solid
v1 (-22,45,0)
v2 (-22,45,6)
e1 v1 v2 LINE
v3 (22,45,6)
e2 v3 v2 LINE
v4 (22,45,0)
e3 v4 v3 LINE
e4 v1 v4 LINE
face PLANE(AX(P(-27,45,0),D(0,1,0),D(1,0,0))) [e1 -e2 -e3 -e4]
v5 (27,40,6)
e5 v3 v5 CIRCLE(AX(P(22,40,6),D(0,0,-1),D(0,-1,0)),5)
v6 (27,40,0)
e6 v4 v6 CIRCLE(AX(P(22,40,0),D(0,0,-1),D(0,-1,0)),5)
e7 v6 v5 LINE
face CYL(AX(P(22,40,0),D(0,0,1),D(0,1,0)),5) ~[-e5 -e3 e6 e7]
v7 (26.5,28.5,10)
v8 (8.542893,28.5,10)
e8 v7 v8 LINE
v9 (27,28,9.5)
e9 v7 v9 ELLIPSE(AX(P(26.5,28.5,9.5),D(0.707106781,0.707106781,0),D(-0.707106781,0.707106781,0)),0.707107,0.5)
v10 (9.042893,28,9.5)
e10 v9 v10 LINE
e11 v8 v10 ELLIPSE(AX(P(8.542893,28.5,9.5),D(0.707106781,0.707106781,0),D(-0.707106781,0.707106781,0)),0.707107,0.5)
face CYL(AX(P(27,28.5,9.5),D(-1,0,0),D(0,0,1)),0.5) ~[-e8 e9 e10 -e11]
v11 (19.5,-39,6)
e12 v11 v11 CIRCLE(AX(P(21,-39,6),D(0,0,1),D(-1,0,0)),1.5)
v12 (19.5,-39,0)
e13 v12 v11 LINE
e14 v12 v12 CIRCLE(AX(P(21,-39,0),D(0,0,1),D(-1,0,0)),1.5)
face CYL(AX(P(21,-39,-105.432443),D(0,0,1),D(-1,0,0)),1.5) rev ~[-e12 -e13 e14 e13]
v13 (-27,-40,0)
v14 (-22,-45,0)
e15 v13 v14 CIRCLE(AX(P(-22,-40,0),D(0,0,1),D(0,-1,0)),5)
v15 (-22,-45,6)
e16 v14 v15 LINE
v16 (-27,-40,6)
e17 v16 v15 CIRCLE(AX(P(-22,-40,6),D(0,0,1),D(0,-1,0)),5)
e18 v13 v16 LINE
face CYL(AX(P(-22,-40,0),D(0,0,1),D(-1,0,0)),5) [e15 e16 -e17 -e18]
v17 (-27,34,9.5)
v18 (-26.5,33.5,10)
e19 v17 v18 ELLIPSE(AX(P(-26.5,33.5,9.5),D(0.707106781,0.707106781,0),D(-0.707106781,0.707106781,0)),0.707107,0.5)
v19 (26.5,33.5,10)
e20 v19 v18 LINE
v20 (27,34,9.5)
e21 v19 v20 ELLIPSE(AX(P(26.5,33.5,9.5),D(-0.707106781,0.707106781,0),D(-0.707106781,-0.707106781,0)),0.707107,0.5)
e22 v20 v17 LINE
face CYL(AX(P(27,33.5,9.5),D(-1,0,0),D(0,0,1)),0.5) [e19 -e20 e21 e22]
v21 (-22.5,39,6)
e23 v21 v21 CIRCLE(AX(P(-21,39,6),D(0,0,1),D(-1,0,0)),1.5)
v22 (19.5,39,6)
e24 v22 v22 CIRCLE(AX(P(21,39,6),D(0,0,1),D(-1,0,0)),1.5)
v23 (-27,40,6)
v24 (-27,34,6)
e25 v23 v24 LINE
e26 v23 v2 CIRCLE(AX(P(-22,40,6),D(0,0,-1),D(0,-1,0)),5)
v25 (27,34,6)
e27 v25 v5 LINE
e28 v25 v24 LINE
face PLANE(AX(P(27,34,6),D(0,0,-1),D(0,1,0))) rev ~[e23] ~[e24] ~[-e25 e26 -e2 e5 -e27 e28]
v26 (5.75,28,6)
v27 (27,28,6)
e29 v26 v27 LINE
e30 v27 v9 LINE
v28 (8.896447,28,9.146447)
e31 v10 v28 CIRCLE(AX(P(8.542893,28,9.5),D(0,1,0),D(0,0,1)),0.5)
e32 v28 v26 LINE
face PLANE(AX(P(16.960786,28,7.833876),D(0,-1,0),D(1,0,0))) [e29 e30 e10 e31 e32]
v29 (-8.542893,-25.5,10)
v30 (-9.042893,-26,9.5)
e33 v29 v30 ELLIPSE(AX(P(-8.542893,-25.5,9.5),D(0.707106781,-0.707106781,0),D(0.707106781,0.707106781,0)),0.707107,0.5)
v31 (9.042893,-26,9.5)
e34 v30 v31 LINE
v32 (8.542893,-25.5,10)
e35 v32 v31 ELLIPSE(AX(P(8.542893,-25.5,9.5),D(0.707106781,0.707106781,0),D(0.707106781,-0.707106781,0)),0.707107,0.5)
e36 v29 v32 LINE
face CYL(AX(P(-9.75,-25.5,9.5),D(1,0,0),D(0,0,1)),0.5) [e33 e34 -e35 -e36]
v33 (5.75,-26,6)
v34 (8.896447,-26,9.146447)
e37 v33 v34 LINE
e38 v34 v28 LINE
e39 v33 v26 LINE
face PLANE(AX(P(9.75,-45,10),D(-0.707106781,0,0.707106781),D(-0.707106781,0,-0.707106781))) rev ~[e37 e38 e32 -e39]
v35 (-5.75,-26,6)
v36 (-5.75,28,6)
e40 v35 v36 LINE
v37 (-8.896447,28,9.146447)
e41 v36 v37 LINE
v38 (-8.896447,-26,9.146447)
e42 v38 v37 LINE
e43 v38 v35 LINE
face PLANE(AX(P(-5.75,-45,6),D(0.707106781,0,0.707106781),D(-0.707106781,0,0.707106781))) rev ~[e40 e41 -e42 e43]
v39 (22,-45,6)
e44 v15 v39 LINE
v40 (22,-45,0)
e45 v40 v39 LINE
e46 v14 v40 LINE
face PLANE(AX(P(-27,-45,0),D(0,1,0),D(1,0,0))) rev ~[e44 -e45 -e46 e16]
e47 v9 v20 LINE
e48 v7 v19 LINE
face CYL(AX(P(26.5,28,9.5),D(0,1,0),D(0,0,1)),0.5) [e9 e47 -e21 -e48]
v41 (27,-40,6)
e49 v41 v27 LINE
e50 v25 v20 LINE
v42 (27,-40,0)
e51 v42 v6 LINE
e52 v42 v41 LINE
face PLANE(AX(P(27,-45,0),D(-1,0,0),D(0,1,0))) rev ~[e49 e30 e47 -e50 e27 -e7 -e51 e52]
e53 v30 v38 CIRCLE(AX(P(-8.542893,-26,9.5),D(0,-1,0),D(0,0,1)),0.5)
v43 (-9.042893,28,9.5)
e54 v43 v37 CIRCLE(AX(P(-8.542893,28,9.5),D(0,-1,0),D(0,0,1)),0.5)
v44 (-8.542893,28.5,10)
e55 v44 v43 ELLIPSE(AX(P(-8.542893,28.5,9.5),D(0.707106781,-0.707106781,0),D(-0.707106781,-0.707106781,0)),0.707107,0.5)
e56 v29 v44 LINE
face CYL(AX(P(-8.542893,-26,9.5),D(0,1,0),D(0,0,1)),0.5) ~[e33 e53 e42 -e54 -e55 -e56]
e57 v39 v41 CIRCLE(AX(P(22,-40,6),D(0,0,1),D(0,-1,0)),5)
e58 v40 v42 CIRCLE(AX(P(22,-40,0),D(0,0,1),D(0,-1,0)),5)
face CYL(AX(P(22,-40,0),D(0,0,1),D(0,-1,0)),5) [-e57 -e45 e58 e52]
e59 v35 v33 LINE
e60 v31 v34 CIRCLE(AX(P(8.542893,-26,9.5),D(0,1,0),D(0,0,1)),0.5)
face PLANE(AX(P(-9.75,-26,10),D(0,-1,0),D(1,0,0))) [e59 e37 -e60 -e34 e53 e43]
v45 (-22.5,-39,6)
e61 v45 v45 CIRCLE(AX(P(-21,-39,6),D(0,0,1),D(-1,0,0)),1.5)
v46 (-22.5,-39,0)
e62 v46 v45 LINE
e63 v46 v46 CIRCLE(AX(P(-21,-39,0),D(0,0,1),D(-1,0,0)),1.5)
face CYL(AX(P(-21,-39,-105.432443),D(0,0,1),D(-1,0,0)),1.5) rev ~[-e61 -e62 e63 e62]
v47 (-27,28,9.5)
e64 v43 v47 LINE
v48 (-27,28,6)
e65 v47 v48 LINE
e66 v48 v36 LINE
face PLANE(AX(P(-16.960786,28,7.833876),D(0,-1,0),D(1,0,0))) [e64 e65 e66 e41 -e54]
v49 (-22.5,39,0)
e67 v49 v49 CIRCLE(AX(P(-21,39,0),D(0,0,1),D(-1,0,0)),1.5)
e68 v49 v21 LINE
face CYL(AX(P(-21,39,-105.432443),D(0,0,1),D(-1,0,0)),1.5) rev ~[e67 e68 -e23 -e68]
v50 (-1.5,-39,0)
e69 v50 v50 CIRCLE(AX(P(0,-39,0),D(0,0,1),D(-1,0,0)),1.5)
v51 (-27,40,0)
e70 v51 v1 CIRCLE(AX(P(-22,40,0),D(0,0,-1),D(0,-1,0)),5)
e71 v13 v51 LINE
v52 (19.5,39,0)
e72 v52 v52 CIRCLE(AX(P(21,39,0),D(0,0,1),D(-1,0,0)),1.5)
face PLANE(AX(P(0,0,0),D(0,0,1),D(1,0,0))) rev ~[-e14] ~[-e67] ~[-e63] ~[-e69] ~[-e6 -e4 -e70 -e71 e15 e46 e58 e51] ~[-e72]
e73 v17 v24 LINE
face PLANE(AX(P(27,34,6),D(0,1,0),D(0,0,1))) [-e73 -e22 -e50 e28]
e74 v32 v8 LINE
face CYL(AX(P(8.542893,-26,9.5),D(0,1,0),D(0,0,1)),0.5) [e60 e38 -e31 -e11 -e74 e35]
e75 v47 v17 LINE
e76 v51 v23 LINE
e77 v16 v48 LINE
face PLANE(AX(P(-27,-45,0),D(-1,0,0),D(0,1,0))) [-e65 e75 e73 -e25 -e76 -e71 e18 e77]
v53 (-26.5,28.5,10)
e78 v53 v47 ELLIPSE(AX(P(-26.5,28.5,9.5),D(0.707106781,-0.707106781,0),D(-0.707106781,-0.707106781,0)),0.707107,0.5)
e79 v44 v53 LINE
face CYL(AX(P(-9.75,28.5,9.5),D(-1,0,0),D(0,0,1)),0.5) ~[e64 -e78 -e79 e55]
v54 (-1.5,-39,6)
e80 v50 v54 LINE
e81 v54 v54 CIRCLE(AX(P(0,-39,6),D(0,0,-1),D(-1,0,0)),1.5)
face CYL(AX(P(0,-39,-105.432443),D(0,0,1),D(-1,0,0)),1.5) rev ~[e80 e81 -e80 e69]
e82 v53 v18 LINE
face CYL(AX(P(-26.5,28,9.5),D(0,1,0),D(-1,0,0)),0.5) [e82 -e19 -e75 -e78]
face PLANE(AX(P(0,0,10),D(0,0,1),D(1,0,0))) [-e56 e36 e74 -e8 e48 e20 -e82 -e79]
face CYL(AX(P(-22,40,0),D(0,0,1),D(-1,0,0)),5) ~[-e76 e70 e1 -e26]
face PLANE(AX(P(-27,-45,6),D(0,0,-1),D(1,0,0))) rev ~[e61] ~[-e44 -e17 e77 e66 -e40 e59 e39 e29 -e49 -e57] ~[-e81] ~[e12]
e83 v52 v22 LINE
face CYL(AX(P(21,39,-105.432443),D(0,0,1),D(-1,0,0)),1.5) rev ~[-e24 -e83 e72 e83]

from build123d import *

# Parameters (mm, degrees)
F0_W      = 54
F0_H      = 90
F1_DEPTH  = 10
F3_DEPTH  = 73
F5_D      = 3
F6_W      = 11
F6_H      = 4
F7_DEPTH  = 54.001
F8_R      = 5
F9_W      = 19.5
F9_H      = 19
F9_R      = 1.5
F10_DEPTH = 4
F11_R     = 0.5


with BuildPart() as f1:
    # F0 (on Top) → F1 (new body)
    with BuildSketch(Plane.XY):
        Rectangle(F0_W, F0_H)
    extrude(amount=F1_DEPTH)

    # F2 (on face) → F3 (cut)
    with BuildSketch(Plane.XZ.offset(45)):
        Polygon((-27, 10), (-27, 6), (-5.75, 6), (-9.75, 10), align=None)
        Polygon((5.75, 6), (27, 6), (27, 10), (9.75, 10), align=None)
    extrude(amount=-F3_DEPTH, mode=Mode.SUBTRACT)

    # F5 (through all)
    with Locations(Plane(origin=(0, 0, 0), x_dir=(1, 0, 0), z_dir=(0, 0, -1))):
        with Locations((-21, 39), (21, 39), (21, -39), (-21, -39), (0, 39)):
            Hole(F5_D / 2)

    # F6 (on face) → F7 (cut, through all)
    with BuildSketch(Plane.YZ.offset(27)):
        with Locations((39.5, 8)):
            Rectangle(F6_W, F6_H)
    extrude(amount=-F7_DEPTH, mode=Mode.SUBTRACT)

    # F8
    f8_edges = [f1.edges().sort_by_distance(p)[0] for p in [
        (27, -45, 3),
        (27, 45, 3),
        (-27, 45, 3),
        (-27, -45, 3),
    ]]
    fillet(f8_edges, radius=F8_R)

    # F9 (on face) → F10 (cut)
    with BuildSketch(Plane.XY.offset(10)):
        with Locations((0, -35.5)):
            Rectangle(F9_W, F9_H)
        with Locations((0, -39)):
            Circle(F9_R, mode=Mode.SUBTRACT)
    extrude(amount=-F10_DEPTH, mode=Mode.SUBTRACT)

    # F11
    f11_edges = [f1.edges().sort_by_distance(p)[0] for p in [
        (-9.75, 1, 10),
        (9.75, 1, 10),
        (-18.375, 28, 10),
        (18.375, 28, 10),
        (0, -26, 10),
        (-27, 31, 10),
        (0, 34, 10),
        (27, 31, 10),
    ]]
    fillet(f11_edges, radius=F11_R)


solid = f1.part
